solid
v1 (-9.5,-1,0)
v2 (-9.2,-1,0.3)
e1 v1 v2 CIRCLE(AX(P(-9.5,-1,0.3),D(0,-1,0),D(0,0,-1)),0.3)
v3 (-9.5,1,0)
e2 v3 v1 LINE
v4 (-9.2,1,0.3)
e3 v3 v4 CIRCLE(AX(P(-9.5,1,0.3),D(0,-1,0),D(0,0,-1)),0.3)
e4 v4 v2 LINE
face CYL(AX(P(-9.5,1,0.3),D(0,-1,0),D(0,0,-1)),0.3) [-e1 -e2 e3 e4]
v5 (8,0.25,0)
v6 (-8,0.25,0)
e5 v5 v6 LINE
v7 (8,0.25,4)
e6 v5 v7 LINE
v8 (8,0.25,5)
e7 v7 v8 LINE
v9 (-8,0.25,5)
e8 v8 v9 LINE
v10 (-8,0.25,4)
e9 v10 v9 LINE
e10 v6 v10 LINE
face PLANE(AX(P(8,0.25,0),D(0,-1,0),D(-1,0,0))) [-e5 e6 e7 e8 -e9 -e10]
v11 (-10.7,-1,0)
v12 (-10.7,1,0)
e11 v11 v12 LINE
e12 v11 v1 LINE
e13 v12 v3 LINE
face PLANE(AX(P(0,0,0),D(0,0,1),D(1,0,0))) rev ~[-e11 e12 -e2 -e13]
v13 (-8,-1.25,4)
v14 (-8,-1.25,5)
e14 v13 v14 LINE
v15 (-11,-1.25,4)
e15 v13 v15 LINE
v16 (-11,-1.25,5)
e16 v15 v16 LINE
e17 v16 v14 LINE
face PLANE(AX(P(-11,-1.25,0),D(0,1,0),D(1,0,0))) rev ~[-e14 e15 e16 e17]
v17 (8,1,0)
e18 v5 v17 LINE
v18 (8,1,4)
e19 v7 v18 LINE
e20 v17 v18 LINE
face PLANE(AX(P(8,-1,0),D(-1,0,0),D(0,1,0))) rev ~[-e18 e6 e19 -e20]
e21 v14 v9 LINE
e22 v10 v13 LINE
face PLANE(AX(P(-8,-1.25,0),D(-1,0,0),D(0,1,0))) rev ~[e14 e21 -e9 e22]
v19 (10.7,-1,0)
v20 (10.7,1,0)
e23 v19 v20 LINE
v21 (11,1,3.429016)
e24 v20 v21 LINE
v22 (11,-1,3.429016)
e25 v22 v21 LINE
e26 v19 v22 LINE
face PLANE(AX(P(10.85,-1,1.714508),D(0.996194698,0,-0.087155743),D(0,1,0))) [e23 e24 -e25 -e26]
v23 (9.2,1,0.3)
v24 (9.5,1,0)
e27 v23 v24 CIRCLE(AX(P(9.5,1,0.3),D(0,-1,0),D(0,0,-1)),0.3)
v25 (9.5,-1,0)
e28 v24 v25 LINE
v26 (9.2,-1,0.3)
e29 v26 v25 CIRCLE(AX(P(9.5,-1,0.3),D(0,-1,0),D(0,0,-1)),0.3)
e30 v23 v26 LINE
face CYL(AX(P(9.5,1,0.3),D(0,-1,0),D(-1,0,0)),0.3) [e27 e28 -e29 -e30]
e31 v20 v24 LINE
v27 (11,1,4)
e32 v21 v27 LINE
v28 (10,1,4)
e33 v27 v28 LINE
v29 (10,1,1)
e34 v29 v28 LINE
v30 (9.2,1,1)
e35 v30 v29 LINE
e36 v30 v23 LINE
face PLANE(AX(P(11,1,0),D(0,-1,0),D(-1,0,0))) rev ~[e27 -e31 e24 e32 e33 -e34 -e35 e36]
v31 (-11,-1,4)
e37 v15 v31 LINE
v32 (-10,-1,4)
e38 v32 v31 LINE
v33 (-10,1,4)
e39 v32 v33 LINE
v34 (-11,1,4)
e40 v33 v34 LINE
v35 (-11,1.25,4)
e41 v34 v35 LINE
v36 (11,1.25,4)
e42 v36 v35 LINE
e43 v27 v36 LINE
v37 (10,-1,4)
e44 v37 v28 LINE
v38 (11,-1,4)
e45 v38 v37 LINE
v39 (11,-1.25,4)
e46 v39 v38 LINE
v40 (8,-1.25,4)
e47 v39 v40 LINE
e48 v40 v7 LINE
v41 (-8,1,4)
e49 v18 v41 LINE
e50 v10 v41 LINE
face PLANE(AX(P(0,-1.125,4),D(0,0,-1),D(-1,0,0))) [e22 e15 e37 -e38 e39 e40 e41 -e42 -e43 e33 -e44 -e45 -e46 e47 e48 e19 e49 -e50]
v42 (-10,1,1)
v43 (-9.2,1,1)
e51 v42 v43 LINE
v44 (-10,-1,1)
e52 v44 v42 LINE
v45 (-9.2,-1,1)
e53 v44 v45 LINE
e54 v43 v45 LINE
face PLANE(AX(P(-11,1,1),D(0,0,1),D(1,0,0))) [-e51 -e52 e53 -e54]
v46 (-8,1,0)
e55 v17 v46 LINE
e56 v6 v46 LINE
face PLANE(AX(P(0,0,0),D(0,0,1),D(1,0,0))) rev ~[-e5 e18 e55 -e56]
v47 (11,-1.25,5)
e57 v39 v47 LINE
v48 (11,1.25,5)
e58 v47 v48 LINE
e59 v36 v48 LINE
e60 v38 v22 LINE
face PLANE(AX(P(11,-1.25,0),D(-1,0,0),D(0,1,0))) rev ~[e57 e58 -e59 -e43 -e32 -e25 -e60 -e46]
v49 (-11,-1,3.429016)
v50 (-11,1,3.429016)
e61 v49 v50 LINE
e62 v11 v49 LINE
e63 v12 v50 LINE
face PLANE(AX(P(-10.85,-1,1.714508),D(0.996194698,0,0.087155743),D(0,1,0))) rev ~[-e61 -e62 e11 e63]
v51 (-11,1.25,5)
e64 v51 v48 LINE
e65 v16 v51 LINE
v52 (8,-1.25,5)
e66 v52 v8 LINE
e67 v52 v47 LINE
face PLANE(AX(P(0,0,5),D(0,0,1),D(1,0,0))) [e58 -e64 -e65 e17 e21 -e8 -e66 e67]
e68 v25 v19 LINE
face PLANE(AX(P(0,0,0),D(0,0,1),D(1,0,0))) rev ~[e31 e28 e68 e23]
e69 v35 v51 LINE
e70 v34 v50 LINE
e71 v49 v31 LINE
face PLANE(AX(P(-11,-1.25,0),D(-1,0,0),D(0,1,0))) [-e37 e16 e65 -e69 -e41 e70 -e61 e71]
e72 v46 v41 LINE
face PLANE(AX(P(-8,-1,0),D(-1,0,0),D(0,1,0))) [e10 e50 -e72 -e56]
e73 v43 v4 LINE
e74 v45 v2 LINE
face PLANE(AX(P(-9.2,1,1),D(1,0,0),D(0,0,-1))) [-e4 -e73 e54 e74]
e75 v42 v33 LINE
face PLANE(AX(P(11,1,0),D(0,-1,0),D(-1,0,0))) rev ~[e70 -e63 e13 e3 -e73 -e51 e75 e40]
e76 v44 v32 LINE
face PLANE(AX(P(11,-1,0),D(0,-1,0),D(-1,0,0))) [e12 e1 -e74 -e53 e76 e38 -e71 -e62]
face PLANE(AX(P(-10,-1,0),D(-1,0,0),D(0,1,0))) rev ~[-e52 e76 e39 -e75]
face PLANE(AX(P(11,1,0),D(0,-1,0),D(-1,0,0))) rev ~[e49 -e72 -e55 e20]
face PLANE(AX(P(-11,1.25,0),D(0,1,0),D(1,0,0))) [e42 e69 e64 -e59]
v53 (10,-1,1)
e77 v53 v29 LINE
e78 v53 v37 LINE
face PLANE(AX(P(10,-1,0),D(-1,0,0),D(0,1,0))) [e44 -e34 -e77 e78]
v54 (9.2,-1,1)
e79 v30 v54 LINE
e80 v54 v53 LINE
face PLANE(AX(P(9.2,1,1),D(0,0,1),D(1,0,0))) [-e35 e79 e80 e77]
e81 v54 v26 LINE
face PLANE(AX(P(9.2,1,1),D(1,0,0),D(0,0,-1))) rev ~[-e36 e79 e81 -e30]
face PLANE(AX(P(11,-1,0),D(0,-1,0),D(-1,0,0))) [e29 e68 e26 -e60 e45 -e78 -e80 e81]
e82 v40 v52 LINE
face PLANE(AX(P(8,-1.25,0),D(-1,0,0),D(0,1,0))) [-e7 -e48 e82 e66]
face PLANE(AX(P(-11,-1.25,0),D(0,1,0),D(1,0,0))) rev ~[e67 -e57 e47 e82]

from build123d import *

# Parameters (mm, degrees)
SKETCH1_W             = 22
SKETCH1_H             = 2.5
BOSS_EXTRUDE1_DEPTH   = 5
SKETCH2_W             = 22
SKETCH2_H             = 0.25
CUT_EXTRUDE1_DEPTH    = 4
SKETCH3_W             = 2
SKETCH3_H             = 2
CUT_EXTRUDE2_DEPTH    = 4
SKETCH5_W             = 16
SKETCH5_H             = 1.5
CUT_EXTRUDE3_DEPTH    = 5
SKETCH6_W             = 1.8
SKETCH6_H             = 1
BOSS_EXTRUDE2_DEPTH   = 2
FILLET1_R             = 0.3
CHAMFER1_SIZE         = 0.3
CHAMFER1_SIZE2        = 3.429015691
CHAMFER1_PART_2_SIZE  = 0.3
CHAMFER1_PART_2_SIZE2 = 3.429015691


with BuildPart() as part:
    # Sketch1 → Boss-Extrude1 (new body)
    with BuildSketch(Plane.XY):
        Rectangle(SKETCH1_W, SKETCH1_H)
    extrude(amount=BOSS_EXTRUDE1_DEPTH)

    # Sketch2 → Cut-Extrude1 (cut)
    with BuildSketch(Plane(origin=(0, 0, 0), x_dir=(-1, 0, 0), z_dir=(0, 0, -1))):
        with Locations((0, 1.125)):
            Rectangle(SKETCH2_W, SKETCH2_H)
        with Locations((0, -1.125)):
            Rectangle(SKETCH2_W, SKETCH2_H)
    extrude(amount=-CUT_EXTRUDE1_DEPTH, mode=Mode.SUBTRACT)

    # Sketch3 → Cut-Extrude2 (cut)
    with BuildSketch(Plane(origin=(0, 0, 0), x_dir=(-1, 0, 0), z_dir=(0, 0, -1))):
        with Locations((-9, 0)):
            Rectangle(SKETCH3_W, SKETCH3_H)
        with Locations((9, 0)):
            Rectangle(SKETCH3_W, SKETCH3_H)
    extrude(amount=-CUT_EXTRUDE2_DEPTH, mode=Mode.SUBTRACT)

    # Sketch5 → Cut-Extrude3 (cut)
    with BuildSketch(Plane(origin=(0, 0, 0), x_dir=(-1, 0, 0), z_dir=(0, 0, -1))):
        with Locations((0, -0.5)):
            Rectangle(SKETCH5_W, SKETCH5_H)
    extrude(amount=-CUT_EXTRUDE3_DEPTH, mode=Mode.SUBTRACT)

    # Sketch6 → Boss-Extrude2 (add)
    with BuildSketch(Plane(origin=(0, 1, 0), x_dir=(1, 0, 0), z_dir=(0, 1, 0))):
        with Locations((-10.1, -0.5)):
            Rectangle(SKETCH6_W, SKETCH6_H)
        with Locations((10.1, -0.5)):
            Rectangle(SKETCH6_W, SKETCH6_H)
    extrude(amount=-BOSS_EXTRUDE2_DEPTH)

    # Fillet1
    fillet1_edges = [part.edges().sort_by_distance(p)[0] for p in [
        (-9.2, 0, 0),
        (9.2, 0, 0),
    ]]
    fillet(fillet1_edges, radius=FILLET1_R)

    # Chamfer1
    chamfer1_edges = [part.edges().sort_by_distance(p)[0] for p in [
        (11, 0, 0),
    ]]
    chamfer1_side = [part.faces().sort_by_distance(p)[0] for p in [
        (10.25, 0, 0),
    ]]
    chamfer(chamfer1_edges, length=CHAMFER1_SIZE, length2=CHAMFER1_SIZE2, reference=chamfer1_side[0])

    # Chamfer1 part 2
    chamfer1_part_2_edges = [part.edges().sort_by_distance(p)[0] for p in [
        (-11, 0, 0),
    ]]
    chamfer1_part_2_side = [part.faces().sort_by_distance(p)[0] for p in [
        (-10.25, 0, 0),
    ]]
    chamfer(chamfer1_part_2_edges, length=CHAMFER1_PART_2_SIZE, length2=CHAMFER1_PART_2_SIZE2, reference=chamfer1_part_2_side[0])


solid = part.part
